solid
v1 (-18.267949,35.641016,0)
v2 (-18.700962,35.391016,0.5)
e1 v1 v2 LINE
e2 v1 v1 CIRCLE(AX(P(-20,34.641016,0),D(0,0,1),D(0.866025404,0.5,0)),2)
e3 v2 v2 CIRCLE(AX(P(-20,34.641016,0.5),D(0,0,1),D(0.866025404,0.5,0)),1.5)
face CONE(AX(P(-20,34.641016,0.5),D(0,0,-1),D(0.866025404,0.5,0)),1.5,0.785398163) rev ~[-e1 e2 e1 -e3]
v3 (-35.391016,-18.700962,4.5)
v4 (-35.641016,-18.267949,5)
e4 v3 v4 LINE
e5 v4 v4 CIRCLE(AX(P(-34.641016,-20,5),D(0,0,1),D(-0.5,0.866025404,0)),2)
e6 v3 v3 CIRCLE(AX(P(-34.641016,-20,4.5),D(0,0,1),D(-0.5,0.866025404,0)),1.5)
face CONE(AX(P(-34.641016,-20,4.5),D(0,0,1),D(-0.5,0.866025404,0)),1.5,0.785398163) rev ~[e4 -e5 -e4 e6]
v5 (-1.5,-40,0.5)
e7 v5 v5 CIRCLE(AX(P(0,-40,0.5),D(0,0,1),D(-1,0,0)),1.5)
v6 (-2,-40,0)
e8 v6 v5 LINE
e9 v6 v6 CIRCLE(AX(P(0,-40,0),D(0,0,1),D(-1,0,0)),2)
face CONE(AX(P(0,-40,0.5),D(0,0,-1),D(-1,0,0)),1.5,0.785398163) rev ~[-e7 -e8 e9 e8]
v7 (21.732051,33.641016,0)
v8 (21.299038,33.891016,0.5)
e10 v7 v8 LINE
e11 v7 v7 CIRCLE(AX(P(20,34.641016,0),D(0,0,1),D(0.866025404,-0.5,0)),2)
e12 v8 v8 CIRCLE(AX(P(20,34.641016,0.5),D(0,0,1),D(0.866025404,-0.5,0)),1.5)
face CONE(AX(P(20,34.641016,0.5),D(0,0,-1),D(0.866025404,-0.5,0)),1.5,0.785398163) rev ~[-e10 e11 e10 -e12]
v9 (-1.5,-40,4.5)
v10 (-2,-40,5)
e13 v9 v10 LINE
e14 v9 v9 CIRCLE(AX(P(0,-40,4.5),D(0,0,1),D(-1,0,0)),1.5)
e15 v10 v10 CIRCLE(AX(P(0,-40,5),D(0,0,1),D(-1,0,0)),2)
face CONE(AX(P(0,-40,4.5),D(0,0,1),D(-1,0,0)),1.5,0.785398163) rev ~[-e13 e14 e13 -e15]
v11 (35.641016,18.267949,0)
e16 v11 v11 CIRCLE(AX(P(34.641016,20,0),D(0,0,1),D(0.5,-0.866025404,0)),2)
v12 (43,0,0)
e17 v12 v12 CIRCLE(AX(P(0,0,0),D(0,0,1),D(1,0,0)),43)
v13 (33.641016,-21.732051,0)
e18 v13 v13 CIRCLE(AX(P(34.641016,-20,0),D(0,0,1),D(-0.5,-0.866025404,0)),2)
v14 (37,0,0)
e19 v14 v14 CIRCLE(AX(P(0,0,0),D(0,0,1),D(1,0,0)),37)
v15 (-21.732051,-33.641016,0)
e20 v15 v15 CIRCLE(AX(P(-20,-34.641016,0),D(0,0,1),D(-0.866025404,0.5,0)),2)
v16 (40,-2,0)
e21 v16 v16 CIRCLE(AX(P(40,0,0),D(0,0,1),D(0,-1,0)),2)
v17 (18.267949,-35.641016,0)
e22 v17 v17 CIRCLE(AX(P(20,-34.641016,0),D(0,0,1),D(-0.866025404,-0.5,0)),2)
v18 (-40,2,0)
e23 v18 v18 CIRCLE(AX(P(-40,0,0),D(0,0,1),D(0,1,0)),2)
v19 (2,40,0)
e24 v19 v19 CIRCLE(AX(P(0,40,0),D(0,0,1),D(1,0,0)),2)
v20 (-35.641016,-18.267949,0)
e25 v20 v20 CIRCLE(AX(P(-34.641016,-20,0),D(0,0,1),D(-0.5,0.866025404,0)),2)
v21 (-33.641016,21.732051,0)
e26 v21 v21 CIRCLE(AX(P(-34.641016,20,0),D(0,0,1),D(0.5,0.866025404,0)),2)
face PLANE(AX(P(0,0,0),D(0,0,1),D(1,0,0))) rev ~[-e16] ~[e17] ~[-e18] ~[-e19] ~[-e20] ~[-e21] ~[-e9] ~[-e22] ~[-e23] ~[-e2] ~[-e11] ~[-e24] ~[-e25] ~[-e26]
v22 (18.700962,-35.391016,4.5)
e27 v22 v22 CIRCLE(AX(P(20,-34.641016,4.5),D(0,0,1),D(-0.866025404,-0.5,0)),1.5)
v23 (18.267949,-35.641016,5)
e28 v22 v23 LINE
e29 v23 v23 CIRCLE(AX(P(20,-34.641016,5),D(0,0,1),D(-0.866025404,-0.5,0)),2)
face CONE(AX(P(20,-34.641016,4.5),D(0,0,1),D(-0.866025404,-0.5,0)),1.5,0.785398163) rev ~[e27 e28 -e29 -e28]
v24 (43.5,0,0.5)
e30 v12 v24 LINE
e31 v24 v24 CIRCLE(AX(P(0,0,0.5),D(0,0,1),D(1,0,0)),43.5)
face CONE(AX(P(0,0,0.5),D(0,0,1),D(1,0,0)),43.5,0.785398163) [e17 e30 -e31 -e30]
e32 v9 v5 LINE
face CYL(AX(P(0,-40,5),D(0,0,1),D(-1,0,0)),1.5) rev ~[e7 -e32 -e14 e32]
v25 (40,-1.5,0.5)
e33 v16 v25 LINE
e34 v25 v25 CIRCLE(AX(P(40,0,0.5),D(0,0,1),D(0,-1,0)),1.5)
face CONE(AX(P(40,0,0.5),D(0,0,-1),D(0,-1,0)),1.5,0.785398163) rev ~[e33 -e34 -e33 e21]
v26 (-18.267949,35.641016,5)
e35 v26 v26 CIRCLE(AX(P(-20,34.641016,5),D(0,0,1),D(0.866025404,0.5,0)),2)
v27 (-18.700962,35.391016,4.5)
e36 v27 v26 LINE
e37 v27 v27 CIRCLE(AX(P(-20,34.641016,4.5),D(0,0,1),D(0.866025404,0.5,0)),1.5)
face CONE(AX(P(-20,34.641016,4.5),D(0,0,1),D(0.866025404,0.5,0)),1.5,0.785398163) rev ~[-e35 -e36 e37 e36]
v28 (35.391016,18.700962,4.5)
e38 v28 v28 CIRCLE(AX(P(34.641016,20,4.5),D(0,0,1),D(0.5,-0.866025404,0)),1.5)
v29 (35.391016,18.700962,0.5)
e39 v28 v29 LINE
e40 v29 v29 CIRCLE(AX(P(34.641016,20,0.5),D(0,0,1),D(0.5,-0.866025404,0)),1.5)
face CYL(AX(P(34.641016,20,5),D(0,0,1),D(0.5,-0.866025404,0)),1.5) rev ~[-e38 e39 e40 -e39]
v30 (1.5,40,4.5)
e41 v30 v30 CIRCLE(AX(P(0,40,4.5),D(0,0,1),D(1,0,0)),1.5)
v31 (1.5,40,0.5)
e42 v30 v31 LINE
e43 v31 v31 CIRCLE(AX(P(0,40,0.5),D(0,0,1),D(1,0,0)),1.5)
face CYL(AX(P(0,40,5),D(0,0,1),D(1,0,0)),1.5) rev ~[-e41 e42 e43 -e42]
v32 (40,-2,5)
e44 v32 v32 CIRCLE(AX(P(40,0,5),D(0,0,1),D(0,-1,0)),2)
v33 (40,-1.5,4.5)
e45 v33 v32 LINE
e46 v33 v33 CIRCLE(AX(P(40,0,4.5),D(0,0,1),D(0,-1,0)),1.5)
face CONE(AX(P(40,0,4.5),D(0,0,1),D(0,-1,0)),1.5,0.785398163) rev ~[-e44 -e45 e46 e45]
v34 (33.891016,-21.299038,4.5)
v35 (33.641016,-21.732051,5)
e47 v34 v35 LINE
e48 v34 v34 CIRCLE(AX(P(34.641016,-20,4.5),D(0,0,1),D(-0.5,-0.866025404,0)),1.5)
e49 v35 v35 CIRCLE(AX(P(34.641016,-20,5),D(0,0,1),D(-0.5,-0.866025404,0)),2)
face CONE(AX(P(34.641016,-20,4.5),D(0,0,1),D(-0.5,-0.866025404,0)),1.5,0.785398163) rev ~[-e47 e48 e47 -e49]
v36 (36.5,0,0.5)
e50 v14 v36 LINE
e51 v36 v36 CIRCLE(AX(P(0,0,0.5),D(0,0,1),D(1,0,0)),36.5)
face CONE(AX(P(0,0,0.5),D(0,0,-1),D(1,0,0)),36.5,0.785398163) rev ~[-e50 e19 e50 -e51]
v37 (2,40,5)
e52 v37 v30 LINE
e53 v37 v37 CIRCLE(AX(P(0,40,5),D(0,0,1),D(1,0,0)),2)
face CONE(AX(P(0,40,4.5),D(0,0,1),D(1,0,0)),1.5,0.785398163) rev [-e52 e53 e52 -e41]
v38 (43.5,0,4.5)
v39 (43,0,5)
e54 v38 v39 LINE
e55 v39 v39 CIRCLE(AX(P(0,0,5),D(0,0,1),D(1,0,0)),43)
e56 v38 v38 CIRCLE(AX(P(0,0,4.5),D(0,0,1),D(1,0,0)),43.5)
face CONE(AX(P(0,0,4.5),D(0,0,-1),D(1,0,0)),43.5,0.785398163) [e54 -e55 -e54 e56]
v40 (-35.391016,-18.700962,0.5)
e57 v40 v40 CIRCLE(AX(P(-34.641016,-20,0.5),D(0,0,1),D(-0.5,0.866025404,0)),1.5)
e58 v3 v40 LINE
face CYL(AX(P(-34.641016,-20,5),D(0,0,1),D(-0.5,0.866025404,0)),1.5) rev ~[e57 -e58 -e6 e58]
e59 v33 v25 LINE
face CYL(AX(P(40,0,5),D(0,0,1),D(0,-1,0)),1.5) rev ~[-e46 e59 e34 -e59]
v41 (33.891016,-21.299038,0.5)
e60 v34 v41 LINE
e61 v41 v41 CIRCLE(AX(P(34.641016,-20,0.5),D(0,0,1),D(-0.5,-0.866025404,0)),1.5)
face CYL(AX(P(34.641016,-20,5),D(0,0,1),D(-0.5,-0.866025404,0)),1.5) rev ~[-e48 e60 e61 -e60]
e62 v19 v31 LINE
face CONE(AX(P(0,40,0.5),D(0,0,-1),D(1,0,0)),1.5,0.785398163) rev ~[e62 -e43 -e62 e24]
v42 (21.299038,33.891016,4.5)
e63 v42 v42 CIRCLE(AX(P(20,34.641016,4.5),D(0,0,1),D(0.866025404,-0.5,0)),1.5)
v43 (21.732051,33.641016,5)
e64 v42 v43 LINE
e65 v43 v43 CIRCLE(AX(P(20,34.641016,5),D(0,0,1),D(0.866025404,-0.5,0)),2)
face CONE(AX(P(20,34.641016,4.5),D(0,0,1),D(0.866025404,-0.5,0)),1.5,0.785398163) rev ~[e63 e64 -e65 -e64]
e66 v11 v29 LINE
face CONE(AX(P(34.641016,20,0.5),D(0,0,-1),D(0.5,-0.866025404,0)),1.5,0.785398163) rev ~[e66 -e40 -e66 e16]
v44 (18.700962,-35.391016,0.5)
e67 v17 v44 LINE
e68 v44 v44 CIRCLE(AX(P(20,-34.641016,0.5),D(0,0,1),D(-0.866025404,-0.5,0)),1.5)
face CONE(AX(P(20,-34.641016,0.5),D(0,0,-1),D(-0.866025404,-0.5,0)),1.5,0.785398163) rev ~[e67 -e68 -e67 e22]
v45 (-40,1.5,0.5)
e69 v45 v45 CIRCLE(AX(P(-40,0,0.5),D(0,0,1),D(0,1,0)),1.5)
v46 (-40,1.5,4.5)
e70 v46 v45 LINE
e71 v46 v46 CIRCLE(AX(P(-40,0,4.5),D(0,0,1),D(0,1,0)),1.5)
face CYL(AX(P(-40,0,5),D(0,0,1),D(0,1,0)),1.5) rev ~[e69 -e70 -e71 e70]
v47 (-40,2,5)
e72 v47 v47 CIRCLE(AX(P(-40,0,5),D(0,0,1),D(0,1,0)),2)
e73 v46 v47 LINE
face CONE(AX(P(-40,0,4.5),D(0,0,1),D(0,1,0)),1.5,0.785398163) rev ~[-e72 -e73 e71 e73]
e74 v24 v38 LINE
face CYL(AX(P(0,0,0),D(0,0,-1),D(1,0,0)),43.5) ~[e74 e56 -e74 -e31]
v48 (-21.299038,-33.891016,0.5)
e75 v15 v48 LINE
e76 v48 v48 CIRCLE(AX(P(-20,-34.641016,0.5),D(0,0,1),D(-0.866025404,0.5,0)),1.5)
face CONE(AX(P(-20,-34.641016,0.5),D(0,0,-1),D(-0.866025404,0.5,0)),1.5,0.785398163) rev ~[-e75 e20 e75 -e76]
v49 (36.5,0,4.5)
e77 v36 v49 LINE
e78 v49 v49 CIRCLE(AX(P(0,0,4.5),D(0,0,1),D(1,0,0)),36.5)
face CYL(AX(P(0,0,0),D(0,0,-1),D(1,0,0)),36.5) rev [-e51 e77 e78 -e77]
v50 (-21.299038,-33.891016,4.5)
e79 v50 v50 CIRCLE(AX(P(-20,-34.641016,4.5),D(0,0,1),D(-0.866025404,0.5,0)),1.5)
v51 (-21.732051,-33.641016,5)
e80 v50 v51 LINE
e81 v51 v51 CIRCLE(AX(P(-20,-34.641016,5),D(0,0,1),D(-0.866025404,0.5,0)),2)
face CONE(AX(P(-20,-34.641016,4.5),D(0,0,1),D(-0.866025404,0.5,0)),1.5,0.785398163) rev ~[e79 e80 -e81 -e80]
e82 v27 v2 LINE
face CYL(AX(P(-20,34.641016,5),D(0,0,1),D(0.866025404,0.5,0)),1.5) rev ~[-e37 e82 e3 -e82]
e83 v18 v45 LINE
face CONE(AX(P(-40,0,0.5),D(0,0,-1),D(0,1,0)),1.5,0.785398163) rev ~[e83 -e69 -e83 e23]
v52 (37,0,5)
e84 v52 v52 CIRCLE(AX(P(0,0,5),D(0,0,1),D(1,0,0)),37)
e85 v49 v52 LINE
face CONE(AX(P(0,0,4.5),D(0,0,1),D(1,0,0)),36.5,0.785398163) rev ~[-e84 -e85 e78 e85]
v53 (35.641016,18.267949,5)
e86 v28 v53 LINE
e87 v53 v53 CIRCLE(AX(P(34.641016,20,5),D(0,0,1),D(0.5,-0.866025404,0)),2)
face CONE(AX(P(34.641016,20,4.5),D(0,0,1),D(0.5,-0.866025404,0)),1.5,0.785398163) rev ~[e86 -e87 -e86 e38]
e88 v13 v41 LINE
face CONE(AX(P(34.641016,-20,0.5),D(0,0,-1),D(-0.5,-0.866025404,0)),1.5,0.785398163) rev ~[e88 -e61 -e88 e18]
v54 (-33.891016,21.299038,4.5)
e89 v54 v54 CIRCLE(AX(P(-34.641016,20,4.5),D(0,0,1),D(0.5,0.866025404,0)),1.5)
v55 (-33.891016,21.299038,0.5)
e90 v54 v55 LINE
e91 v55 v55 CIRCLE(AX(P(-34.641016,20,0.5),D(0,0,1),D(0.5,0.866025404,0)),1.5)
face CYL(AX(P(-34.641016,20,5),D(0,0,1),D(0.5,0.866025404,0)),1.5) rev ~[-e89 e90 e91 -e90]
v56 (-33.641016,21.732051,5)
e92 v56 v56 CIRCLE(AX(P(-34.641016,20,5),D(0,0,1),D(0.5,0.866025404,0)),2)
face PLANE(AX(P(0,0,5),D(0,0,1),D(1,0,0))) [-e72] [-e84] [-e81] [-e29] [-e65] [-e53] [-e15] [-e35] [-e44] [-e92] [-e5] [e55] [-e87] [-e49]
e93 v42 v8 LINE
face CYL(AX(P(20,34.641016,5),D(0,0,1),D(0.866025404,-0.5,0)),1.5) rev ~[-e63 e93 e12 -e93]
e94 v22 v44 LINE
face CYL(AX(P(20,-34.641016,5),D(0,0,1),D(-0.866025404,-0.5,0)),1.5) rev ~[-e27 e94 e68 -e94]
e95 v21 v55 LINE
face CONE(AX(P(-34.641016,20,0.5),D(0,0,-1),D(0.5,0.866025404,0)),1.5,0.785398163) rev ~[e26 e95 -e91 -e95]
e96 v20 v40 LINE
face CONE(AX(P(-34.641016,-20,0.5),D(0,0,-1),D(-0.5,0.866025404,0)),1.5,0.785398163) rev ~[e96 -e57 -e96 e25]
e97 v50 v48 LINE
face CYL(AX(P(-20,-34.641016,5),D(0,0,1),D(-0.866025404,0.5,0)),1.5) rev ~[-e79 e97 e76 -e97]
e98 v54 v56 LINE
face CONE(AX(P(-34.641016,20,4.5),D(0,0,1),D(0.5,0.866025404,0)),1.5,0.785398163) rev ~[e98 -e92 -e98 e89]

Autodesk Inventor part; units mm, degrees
ref_plane "YZ Plane" through (0, 0, 0) normal (1, 0, 0) x (0, 1, 0)
ref_plane "XZ Plane" through (0, 0, 0) normal (0, 1, 0) x (-1, 0, 0)
ref_plane "XY Plane" through (0, 0, 0) normal (0, 0, 1) x (1, 0, 0)
sketch "Эскиз1" plane through (0, 0, 0) normal (0, 0, 1) x (1, 0, 0)
  circle A0 centre (0, 0) radius 43.5
  circle A1 centre (0, 0) radius 36.5
  dimension "d1" = 73
  dimension "d2" = 87
extrude "Выдавливание1" add sketch "Эскиз1" along normal blind 5
sketch "Эскиз2" plane through (0, 0, 5) normal (0, 0, 1) x (1, 0, 0)
  circle A0 centre (0, 40) radius 1.5
  point P0 (0, 0)
  dimension "d5" = 40
  dimension "d6" = 3
extrude "Выдавливание2" cut sketch "Эскиз2" against normal up to surface (5 mm away)
chamfer "Фаска2" distance 0.5 angle 45 2 edges at (-1.5, 40, 5) (-1.5, 40, 0)
pattern_circular "Круговой массив1" count 12 over 360 about axis through (0, 0, 0) along (0, 0, 1) of "Выдавливание2", "Фаска2"
chamfer "Фаска1" distance 0.5 angle 45 4 edges at (-43.5, 0, 5) (-43.5, 0, 0) (-36.5, 0, 5) (-36.5, 0, 0)
properties part number "Фланец колеса"
